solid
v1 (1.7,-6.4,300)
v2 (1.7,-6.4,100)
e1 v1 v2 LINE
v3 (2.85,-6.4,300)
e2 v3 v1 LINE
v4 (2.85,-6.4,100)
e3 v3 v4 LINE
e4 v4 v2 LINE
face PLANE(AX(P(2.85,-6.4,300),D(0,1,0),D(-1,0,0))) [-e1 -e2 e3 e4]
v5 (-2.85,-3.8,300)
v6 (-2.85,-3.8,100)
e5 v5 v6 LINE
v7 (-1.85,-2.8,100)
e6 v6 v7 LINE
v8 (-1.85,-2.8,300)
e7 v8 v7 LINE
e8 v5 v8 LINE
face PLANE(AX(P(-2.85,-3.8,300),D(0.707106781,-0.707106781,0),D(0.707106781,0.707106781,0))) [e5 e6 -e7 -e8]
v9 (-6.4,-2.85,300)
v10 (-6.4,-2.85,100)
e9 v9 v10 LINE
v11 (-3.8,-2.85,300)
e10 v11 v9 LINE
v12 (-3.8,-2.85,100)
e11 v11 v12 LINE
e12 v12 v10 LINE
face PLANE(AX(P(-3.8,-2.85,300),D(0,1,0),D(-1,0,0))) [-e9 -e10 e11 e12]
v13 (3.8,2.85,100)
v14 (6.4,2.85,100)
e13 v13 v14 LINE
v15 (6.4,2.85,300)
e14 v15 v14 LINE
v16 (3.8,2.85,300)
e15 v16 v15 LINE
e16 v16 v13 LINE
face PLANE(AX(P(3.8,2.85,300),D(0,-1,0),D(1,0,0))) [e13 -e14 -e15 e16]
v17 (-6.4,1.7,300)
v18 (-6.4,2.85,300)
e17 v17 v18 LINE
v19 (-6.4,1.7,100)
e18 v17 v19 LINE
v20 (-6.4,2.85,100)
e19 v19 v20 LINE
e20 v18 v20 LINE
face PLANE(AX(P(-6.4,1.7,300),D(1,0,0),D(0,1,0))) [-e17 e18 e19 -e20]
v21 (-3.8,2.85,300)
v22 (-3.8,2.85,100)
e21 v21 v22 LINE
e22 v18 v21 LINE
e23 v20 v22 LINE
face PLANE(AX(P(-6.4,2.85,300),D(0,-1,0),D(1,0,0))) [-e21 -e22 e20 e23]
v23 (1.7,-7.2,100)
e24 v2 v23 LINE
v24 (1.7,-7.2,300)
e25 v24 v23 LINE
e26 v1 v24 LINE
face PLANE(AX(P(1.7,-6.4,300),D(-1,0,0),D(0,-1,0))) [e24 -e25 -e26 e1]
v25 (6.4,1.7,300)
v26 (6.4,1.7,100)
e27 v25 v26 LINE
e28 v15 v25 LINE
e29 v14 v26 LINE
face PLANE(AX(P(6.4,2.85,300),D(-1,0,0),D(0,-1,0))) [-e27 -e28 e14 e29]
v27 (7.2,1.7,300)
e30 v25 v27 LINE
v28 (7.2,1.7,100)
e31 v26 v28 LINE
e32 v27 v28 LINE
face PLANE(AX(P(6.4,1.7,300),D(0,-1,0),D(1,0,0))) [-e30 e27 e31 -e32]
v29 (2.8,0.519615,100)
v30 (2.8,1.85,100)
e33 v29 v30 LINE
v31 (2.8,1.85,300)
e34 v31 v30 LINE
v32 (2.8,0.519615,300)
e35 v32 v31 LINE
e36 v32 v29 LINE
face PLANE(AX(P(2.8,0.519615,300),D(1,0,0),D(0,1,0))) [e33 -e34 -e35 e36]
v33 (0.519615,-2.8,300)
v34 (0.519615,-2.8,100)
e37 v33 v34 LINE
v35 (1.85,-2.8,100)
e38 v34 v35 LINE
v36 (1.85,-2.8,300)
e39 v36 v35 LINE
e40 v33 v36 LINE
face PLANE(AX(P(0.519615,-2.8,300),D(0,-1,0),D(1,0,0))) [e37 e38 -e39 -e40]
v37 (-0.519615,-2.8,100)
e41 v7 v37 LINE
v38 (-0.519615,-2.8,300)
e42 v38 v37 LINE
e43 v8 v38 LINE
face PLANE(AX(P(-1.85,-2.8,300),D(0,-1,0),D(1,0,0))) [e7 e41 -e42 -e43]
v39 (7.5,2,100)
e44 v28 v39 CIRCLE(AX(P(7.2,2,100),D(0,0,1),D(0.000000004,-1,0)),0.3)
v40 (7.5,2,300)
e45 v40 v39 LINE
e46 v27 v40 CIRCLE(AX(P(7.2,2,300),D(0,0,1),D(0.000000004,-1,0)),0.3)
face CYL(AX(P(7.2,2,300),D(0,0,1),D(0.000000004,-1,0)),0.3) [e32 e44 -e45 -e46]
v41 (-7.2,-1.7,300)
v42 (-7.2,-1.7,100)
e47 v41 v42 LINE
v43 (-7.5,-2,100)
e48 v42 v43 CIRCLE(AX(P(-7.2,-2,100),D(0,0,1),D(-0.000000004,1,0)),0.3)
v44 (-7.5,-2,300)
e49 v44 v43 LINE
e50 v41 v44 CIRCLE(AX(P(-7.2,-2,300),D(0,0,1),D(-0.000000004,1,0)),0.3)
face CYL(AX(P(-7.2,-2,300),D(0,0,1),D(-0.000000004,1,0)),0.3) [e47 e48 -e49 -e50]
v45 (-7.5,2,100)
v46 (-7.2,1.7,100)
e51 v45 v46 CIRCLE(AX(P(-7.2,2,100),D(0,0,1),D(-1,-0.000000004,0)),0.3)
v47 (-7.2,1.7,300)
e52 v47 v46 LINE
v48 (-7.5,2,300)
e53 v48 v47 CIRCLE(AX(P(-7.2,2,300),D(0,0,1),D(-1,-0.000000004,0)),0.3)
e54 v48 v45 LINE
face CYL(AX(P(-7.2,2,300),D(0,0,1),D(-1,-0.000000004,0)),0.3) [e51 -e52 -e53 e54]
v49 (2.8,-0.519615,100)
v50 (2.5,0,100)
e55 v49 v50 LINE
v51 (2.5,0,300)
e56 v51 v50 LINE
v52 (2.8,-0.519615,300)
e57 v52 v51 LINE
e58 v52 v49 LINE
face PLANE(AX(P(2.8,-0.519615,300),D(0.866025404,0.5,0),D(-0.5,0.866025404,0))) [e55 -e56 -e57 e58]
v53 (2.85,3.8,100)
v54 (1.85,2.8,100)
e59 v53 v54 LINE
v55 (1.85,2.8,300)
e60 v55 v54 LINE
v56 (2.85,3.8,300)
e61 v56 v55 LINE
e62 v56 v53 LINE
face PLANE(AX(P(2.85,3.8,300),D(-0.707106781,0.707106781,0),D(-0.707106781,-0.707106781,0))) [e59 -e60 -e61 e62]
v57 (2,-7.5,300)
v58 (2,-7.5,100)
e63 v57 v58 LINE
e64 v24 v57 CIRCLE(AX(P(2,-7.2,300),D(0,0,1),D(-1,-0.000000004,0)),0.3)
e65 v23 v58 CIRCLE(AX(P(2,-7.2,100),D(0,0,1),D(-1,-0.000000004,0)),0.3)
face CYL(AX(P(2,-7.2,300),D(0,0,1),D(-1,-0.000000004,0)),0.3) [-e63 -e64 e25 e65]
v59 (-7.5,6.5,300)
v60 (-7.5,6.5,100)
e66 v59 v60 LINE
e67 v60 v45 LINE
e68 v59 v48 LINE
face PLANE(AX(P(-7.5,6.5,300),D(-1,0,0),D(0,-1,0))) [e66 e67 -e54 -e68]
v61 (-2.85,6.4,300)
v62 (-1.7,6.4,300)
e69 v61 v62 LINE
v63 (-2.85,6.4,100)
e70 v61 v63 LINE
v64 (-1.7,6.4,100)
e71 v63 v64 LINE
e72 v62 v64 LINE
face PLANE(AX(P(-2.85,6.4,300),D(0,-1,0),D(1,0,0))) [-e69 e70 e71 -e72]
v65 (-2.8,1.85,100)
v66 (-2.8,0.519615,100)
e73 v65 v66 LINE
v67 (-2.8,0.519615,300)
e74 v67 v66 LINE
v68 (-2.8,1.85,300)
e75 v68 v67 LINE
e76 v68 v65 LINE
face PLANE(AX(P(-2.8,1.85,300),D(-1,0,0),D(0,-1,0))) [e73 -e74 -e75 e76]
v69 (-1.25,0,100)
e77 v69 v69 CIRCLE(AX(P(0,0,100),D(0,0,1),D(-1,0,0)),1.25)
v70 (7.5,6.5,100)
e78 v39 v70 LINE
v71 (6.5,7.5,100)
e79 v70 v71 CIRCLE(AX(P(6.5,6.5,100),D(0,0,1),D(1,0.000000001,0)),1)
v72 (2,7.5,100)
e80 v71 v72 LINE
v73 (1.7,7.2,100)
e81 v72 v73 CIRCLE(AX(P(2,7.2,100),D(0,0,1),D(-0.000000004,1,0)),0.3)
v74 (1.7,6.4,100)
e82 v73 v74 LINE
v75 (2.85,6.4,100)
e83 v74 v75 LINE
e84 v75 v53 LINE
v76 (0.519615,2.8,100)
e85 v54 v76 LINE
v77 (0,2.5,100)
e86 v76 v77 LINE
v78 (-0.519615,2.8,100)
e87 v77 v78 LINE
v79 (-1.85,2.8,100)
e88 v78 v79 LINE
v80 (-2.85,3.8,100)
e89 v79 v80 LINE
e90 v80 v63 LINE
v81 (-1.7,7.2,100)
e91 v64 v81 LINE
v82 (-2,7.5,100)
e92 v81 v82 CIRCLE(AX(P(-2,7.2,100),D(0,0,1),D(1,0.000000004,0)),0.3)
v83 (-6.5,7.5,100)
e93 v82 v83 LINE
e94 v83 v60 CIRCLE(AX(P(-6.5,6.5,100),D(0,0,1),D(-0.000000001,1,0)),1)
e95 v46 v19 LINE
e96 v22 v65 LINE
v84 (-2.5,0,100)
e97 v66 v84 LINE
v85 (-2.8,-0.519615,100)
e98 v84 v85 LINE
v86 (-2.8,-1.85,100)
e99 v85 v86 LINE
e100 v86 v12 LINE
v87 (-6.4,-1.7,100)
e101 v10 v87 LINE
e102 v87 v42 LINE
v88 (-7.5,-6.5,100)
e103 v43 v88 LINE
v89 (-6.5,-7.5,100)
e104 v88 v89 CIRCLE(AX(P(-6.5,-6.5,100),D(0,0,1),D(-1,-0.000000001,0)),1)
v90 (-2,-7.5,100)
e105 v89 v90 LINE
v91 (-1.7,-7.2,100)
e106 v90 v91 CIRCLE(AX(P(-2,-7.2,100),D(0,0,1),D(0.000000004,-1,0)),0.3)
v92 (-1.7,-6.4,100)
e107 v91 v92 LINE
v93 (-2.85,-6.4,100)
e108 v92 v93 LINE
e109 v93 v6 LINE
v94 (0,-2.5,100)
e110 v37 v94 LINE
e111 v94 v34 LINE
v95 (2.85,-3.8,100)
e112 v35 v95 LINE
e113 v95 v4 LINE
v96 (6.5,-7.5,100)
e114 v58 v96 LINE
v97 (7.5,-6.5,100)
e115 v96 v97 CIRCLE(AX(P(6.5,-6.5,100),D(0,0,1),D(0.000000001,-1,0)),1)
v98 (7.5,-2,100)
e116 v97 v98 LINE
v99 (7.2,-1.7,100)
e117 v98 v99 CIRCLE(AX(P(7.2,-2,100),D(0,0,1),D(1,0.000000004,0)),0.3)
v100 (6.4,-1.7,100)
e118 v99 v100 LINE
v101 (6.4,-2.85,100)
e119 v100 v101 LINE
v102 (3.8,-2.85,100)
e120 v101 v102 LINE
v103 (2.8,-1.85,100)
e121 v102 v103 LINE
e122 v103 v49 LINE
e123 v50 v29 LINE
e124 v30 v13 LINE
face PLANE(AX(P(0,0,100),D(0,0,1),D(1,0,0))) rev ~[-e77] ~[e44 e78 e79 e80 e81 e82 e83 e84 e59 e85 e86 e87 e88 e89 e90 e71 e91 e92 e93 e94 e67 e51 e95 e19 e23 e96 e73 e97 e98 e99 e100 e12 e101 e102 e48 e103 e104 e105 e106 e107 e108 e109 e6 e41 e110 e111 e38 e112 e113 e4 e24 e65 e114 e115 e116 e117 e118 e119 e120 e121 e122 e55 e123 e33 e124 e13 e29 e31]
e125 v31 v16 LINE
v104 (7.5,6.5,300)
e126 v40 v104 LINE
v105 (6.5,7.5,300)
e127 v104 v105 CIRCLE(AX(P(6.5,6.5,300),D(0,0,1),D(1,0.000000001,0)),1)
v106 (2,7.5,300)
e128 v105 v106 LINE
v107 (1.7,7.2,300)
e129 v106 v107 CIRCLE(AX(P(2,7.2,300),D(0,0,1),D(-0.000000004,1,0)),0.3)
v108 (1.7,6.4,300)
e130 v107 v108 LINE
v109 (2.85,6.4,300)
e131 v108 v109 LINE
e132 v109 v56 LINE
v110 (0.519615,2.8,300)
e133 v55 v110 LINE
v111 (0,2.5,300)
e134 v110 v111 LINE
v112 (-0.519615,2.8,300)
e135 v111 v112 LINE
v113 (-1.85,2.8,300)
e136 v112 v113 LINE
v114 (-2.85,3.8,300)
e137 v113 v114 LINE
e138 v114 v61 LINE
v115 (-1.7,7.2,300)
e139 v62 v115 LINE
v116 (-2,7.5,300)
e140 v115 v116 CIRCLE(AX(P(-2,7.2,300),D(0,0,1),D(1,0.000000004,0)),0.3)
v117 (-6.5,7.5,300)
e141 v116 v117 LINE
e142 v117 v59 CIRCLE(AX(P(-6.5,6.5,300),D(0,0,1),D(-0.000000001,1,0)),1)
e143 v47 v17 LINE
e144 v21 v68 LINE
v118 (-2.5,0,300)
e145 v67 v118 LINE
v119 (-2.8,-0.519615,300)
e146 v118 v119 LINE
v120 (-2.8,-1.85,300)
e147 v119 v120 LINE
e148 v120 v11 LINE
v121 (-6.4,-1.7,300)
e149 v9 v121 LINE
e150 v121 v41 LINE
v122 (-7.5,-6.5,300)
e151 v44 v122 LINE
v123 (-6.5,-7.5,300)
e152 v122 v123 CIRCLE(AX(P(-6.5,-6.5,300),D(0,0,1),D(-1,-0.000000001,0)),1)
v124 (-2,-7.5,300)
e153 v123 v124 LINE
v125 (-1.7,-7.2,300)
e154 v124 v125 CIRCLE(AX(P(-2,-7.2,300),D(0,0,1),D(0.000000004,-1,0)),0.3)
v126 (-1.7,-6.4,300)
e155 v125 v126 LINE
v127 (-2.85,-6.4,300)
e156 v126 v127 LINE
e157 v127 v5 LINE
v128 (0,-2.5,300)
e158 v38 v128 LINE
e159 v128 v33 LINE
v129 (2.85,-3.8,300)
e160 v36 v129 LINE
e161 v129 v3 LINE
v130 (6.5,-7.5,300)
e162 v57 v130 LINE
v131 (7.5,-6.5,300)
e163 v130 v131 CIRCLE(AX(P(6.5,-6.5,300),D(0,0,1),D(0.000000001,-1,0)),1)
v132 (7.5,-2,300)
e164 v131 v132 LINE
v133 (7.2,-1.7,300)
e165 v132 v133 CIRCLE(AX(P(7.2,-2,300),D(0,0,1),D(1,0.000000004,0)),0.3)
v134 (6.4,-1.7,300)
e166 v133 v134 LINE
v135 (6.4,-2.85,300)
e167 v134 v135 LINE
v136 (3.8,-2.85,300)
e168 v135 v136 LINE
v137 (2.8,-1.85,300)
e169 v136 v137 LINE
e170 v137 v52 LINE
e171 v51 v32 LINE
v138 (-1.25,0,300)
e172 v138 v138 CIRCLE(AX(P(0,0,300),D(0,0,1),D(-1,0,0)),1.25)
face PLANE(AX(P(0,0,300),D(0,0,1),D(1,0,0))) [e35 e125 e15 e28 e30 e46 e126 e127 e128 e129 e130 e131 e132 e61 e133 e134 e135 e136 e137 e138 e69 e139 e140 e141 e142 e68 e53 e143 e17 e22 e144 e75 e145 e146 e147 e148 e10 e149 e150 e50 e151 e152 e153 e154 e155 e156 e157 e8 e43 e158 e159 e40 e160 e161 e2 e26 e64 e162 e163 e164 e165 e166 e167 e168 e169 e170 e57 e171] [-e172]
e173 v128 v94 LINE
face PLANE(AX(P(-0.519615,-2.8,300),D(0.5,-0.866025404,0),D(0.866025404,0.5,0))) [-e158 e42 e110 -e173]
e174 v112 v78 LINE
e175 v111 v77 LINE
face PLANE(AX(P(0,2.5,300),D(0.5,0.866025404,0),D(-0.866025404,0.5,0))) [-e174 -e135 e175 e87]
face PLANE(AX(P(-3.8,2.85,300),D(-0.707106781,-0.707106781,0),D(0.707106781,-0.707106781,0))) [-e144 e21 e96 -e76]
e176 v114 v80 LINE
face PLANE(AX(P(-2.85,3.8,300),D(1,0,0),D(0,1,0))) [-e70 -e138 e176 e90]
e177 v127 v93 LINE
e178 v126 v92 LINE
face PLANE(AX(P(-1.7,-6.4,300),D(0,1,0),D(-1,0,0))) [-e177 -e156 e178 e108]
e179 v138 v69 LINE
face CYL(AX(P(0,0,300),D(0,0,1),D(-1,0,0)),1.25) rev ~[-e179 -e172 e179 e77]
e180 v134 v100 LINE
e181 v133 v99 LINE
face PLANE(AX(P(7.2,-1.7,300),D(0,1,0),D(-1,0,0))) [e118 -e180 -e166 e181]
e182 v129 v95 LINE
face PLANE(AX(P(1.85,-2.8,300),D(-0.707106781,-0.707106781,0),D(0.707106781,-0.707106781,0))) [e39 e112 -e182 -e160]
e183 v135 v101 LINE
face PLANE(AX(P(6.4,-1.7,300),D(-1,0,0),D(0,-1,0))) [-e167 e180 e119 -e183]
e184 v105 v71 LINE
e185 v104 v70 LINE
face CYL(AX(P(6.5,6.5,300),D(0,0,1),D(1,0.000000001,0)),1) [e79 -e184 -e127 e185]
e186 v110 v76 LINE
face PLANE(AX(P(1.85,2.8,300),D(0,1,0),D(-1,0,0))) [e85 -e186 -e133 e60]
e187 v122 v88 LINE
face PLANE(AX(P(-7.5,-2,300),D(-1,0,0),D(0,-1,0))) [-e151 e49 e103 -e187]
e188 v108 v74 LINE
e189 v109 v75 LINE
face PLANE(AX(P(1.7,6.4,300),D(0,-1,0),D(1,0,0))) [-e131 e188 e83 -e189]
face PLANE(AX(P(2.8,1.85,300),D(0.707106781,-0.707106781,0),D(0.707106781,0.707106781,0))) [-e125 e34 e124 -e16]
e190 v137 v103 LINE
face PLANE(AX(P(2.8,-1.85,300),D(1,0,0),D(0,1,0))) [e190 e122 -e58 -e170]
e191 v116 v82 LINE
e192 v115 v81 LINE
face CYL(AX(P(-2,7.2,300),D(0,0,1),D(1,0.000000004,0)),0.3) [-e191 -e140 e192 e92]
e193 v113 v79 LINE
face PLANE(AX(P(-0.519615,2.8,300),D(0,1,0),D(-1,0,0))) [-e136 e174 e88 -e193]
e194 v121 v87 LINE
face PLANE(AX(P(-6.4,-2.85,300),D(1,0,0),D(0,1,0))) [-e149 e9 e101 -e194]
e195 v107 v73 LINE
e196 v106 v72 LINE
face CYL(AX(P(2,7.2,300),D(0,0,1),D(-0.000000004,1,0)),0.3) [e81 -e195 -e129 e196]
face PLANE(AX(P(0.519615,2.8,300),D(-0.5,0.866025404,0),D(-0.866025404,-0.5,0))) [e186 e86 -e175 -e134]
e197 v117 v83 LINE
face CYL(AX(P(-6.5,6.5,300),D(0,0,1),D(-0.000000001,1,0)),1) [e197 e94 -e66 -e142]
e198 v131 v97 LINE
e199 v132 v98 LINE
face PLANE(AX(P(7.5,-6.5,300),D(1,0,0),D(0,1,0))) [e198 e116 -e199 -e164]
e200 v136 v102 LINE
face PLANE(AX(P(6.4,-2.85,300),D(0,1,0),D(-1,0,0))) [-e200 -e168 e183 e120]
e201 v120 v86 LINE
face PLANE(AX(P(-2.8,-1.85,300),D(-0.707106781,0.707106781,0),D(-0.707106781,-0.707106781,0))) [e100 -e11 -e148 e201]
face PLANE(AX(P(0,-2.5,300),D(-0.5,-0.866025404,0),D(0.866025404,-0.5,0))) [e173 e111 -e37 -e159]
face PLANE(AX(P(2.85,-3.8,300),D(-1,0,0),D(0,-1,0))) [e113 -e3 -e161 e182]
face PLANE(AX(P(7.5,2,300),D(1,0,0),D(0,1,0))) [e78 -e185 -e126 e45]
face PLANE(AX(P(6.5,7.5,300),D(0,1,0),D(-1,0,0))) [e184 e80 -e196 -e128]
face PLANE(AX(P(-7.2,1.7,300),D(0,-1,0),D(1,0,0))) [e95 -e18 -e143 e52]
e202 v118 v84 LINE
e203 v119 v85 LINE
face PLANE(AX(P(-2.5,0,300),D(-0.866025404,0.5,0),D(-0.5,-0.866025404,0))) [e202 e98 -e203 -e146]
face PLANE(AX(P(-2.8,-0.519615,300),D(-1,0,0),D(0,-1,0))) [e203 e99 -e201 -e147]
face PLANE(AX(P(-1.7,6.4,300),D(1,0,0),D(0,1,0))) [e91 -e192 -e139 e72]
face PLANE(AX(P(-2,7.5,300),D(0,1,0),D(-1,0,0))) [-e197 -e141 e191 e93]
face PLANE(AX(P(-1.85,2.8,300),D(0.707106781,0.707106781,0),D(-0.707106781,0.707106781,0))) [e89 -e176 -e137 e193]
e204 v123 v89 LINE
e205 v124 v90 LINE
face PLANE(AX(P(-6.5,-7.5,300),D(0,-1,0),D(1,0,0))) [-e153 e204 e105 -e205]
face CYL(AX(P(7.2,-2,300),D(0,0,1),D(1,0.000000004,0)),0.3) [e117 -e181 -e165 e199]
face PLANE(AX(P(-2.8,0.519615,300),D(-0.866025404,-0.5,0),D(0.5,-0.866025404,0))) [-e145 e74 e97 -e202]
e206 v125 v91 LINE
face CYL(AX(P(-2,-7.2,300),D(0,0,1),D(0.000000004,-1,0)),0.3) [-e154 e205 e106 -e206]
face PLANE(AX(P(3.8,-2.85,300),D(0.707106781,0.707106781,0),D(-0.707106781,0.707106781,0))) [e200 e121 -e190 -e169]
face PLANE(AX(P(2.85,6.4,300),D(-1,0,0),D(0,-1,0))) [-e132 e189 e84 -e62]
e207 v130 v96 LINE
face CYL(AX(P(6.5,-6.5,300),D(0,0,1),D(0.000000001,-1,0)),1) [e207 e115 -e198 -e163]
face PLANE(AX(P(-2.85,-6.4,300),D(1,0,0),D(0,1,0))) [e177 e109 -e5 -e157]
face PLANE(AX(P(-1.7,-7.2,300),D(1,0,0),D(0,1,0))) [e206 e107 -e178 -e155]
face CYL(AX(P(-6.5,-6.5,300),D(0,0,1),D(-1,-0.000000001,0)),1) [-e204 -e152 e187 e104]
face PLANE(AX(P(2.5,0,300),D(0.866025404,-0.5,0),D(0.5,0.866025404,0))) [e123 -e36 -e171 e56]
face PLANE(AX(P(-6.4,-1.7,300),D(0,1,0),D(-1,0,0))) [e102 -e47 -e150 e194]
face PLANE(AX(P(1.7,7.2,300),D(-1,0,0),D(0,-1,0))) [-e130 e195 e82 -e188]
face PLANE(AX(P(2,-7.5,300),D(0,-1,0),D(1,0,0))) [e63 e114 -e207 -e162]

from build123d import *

# Parameters (mm, degrees)
SKETCH1_R           = 1.25
BOSS_EXTRUDE1_DEPTH = 200


with BuildPart() as part:
    # Sketch1 → Boss-Extrude1 (new body)
    with BuildSketch(Plane.XY.offset(300)):
        with BuildLine():
            Line((-7.5, 6.5), (-7.5, 2))
            ThreePointArc((-7.5, 2), (-7.412132034, 1.787867966), (-7.2, 1.7))
            Line((-7.2, 1.7), (-6.4, 1.7))
            Line((-6.4, 1.7), (-6.4, 2.85))
            Line((-6.4, 2.85), (-3.8, 2.85))
            Line((-3.8, 2.85), (-2.8, 1.85))
            Line((-2.8, 1.85), (-2.8, 0.519615242))
            Line((-2.8, 0.519615242), (-2.5, 0))
            Line((-2.5, 0), (-2.8, -0.519615242))
            Line((-2.8, -0.519615242), (-2.8, -1.85))
            Line((-2.8, -1.85), (-3.8, -2.85))
            Line((-3.8, -2.85), (-6.4, -2.85))
            Line((-6.4, -2.85), (-6.4, -1.7))
            Line((-6.4, -1.7), (-7.2, -1.7))
            ThreePointArc((-7.2, -1.7), (-7.412132034, -1.787867966), (-7.5, -2))
            Line((-7.5, -2), (-7.5, -6.5))
            ThreePointArc((-7.5, -6.5), (-7.207106781, -7.207106781), (-6.5, -7.5))
            Line((-6.5, -7.5), (-2, -7.5))
            ThreePointArc((-2, -7.5), (-1.787867966, -7.412132034), (-1.7, -7.2))
            Line((-1.7, -7.2), (-1.7, -6.4))
            Line((-1.7, -6.4), (-2.85, -6.4))
            Line((-2.85, -6.4), (-2.85, -3.8))
            Line((-2.85, -3.8), (-1.85, -2.8))
            Line((-1.85, -2.8), (-0.519615242, -2.8))
            Line((-0.519615242, -2.8), (0, -2.5))
            Line((0, -2.5), (0.519615242, -2.8))
            Line((0.519615242, -2.8), (1.85, -2.8))
            Line((1.85, -2.8), (2.85, -3.8))
            Line((2.85, -3.8), (2.85, -6.4))
            Line((2.85, -6.4), (1.7, -6.4))
            Line((1.7, -6.4), (1.7, -7.2))
            ThreePointArc((1.7, -7.2), (1.787867966, -7.412132034), (2, -7.5))
            Line((2, -7.5), (6.5, -7.5))
            ThreePointArc((6.5, -7.5), (7.207106781, -7.207106781), (7.5, -6.5))
            Line((7.5, -6.5), (7.5, -2))
            ThreePointArc((7.5, -2), (7.412132034, -1.787867966), (7.2, -1.7))
            Line((7.2, -1.7), (6.4, -1.7))
            Line((6.4, -1.7), (6.4, -2.85))
            Line((6.4, -2.85), (3.8, -2.85))
            Line((3.8, -2.85), (2.8, -1.85))
            Line((2.8, -1.85), (2.8, -0.519615242))
            Line((2.8, -0.519615242), (2.5, 0))
            Line((2.5, 0), (2.8, 0.519615242))
            Line((2.8, 0.519615242), (2.8, 1.85))
            Line((2.8, 1.85), (3.8, 2.85))
            Line((3.8, 2.85), (6.4, 2.85))
            Line((6.4, 2.85), (6.4, 1.7))
            Line((6.4, 1.7), (7.2, 1.7))
            ThreePointArc((7.2, 1.7), (7.412132034, 1.787867966), (7.5, 2))
            Line((7.5, 2), (7.5, 6.5))
            ThreePointArc((7.5, 6.5), (7.207106781, 7.207106781), (6.5, 7.5))
            Line((6.5, 7.5), (2, 7.5))
            ThreePointArc((2, 7.5), (1.787867966, 7.412132034), (1.7, 7.2))
            Line((1.7, 7.2), (1.7, 6.4))
            Line((1.7, 6.4), (2.85, 6.4))
            Line((2.85, 6.4), (2.85, 3.8))
            Line((2.85, 3.8), (1.85, 2.8))
            Line((1.85, 2.8), (0.519615242, 2.8))
            Line((0.519615242, 2.8), (0, 2.5))
            Line((0, 2.5), (-0.519615242, 2.8))
            Line((-0.519615242, 2.8), (-1.85, 2.8))
            Line((-1.85, 2.8), (-2.85, 3.8))
            Line((-2.85, 3.8), (-2.85, 6.4))
            Line((-2.85, 6.4), (-1.7, 6.4))
            Line((-1.7, 6.4), (-1.7, 7.2))
            ThreePointArc((-1.7, 7.2), (-1.787867966, 7.412132034), (-2, 7.5))
            Line((-2, 7.5), (-6.5, 7.5))
            ThreePointArc((-6.5, 7.5), (-7.207106781, 7.207106781), (-7.5, 6.5))
        make_face()
        with Locations(Location((0, 0, 0), (0, 0, 180))):
            Circle(SKETCH1_R, mode=Mode.SUBTRACT)
    extrude(amount=-BOSS_EXTRUDE1_DEPTH)


solid = part.part
